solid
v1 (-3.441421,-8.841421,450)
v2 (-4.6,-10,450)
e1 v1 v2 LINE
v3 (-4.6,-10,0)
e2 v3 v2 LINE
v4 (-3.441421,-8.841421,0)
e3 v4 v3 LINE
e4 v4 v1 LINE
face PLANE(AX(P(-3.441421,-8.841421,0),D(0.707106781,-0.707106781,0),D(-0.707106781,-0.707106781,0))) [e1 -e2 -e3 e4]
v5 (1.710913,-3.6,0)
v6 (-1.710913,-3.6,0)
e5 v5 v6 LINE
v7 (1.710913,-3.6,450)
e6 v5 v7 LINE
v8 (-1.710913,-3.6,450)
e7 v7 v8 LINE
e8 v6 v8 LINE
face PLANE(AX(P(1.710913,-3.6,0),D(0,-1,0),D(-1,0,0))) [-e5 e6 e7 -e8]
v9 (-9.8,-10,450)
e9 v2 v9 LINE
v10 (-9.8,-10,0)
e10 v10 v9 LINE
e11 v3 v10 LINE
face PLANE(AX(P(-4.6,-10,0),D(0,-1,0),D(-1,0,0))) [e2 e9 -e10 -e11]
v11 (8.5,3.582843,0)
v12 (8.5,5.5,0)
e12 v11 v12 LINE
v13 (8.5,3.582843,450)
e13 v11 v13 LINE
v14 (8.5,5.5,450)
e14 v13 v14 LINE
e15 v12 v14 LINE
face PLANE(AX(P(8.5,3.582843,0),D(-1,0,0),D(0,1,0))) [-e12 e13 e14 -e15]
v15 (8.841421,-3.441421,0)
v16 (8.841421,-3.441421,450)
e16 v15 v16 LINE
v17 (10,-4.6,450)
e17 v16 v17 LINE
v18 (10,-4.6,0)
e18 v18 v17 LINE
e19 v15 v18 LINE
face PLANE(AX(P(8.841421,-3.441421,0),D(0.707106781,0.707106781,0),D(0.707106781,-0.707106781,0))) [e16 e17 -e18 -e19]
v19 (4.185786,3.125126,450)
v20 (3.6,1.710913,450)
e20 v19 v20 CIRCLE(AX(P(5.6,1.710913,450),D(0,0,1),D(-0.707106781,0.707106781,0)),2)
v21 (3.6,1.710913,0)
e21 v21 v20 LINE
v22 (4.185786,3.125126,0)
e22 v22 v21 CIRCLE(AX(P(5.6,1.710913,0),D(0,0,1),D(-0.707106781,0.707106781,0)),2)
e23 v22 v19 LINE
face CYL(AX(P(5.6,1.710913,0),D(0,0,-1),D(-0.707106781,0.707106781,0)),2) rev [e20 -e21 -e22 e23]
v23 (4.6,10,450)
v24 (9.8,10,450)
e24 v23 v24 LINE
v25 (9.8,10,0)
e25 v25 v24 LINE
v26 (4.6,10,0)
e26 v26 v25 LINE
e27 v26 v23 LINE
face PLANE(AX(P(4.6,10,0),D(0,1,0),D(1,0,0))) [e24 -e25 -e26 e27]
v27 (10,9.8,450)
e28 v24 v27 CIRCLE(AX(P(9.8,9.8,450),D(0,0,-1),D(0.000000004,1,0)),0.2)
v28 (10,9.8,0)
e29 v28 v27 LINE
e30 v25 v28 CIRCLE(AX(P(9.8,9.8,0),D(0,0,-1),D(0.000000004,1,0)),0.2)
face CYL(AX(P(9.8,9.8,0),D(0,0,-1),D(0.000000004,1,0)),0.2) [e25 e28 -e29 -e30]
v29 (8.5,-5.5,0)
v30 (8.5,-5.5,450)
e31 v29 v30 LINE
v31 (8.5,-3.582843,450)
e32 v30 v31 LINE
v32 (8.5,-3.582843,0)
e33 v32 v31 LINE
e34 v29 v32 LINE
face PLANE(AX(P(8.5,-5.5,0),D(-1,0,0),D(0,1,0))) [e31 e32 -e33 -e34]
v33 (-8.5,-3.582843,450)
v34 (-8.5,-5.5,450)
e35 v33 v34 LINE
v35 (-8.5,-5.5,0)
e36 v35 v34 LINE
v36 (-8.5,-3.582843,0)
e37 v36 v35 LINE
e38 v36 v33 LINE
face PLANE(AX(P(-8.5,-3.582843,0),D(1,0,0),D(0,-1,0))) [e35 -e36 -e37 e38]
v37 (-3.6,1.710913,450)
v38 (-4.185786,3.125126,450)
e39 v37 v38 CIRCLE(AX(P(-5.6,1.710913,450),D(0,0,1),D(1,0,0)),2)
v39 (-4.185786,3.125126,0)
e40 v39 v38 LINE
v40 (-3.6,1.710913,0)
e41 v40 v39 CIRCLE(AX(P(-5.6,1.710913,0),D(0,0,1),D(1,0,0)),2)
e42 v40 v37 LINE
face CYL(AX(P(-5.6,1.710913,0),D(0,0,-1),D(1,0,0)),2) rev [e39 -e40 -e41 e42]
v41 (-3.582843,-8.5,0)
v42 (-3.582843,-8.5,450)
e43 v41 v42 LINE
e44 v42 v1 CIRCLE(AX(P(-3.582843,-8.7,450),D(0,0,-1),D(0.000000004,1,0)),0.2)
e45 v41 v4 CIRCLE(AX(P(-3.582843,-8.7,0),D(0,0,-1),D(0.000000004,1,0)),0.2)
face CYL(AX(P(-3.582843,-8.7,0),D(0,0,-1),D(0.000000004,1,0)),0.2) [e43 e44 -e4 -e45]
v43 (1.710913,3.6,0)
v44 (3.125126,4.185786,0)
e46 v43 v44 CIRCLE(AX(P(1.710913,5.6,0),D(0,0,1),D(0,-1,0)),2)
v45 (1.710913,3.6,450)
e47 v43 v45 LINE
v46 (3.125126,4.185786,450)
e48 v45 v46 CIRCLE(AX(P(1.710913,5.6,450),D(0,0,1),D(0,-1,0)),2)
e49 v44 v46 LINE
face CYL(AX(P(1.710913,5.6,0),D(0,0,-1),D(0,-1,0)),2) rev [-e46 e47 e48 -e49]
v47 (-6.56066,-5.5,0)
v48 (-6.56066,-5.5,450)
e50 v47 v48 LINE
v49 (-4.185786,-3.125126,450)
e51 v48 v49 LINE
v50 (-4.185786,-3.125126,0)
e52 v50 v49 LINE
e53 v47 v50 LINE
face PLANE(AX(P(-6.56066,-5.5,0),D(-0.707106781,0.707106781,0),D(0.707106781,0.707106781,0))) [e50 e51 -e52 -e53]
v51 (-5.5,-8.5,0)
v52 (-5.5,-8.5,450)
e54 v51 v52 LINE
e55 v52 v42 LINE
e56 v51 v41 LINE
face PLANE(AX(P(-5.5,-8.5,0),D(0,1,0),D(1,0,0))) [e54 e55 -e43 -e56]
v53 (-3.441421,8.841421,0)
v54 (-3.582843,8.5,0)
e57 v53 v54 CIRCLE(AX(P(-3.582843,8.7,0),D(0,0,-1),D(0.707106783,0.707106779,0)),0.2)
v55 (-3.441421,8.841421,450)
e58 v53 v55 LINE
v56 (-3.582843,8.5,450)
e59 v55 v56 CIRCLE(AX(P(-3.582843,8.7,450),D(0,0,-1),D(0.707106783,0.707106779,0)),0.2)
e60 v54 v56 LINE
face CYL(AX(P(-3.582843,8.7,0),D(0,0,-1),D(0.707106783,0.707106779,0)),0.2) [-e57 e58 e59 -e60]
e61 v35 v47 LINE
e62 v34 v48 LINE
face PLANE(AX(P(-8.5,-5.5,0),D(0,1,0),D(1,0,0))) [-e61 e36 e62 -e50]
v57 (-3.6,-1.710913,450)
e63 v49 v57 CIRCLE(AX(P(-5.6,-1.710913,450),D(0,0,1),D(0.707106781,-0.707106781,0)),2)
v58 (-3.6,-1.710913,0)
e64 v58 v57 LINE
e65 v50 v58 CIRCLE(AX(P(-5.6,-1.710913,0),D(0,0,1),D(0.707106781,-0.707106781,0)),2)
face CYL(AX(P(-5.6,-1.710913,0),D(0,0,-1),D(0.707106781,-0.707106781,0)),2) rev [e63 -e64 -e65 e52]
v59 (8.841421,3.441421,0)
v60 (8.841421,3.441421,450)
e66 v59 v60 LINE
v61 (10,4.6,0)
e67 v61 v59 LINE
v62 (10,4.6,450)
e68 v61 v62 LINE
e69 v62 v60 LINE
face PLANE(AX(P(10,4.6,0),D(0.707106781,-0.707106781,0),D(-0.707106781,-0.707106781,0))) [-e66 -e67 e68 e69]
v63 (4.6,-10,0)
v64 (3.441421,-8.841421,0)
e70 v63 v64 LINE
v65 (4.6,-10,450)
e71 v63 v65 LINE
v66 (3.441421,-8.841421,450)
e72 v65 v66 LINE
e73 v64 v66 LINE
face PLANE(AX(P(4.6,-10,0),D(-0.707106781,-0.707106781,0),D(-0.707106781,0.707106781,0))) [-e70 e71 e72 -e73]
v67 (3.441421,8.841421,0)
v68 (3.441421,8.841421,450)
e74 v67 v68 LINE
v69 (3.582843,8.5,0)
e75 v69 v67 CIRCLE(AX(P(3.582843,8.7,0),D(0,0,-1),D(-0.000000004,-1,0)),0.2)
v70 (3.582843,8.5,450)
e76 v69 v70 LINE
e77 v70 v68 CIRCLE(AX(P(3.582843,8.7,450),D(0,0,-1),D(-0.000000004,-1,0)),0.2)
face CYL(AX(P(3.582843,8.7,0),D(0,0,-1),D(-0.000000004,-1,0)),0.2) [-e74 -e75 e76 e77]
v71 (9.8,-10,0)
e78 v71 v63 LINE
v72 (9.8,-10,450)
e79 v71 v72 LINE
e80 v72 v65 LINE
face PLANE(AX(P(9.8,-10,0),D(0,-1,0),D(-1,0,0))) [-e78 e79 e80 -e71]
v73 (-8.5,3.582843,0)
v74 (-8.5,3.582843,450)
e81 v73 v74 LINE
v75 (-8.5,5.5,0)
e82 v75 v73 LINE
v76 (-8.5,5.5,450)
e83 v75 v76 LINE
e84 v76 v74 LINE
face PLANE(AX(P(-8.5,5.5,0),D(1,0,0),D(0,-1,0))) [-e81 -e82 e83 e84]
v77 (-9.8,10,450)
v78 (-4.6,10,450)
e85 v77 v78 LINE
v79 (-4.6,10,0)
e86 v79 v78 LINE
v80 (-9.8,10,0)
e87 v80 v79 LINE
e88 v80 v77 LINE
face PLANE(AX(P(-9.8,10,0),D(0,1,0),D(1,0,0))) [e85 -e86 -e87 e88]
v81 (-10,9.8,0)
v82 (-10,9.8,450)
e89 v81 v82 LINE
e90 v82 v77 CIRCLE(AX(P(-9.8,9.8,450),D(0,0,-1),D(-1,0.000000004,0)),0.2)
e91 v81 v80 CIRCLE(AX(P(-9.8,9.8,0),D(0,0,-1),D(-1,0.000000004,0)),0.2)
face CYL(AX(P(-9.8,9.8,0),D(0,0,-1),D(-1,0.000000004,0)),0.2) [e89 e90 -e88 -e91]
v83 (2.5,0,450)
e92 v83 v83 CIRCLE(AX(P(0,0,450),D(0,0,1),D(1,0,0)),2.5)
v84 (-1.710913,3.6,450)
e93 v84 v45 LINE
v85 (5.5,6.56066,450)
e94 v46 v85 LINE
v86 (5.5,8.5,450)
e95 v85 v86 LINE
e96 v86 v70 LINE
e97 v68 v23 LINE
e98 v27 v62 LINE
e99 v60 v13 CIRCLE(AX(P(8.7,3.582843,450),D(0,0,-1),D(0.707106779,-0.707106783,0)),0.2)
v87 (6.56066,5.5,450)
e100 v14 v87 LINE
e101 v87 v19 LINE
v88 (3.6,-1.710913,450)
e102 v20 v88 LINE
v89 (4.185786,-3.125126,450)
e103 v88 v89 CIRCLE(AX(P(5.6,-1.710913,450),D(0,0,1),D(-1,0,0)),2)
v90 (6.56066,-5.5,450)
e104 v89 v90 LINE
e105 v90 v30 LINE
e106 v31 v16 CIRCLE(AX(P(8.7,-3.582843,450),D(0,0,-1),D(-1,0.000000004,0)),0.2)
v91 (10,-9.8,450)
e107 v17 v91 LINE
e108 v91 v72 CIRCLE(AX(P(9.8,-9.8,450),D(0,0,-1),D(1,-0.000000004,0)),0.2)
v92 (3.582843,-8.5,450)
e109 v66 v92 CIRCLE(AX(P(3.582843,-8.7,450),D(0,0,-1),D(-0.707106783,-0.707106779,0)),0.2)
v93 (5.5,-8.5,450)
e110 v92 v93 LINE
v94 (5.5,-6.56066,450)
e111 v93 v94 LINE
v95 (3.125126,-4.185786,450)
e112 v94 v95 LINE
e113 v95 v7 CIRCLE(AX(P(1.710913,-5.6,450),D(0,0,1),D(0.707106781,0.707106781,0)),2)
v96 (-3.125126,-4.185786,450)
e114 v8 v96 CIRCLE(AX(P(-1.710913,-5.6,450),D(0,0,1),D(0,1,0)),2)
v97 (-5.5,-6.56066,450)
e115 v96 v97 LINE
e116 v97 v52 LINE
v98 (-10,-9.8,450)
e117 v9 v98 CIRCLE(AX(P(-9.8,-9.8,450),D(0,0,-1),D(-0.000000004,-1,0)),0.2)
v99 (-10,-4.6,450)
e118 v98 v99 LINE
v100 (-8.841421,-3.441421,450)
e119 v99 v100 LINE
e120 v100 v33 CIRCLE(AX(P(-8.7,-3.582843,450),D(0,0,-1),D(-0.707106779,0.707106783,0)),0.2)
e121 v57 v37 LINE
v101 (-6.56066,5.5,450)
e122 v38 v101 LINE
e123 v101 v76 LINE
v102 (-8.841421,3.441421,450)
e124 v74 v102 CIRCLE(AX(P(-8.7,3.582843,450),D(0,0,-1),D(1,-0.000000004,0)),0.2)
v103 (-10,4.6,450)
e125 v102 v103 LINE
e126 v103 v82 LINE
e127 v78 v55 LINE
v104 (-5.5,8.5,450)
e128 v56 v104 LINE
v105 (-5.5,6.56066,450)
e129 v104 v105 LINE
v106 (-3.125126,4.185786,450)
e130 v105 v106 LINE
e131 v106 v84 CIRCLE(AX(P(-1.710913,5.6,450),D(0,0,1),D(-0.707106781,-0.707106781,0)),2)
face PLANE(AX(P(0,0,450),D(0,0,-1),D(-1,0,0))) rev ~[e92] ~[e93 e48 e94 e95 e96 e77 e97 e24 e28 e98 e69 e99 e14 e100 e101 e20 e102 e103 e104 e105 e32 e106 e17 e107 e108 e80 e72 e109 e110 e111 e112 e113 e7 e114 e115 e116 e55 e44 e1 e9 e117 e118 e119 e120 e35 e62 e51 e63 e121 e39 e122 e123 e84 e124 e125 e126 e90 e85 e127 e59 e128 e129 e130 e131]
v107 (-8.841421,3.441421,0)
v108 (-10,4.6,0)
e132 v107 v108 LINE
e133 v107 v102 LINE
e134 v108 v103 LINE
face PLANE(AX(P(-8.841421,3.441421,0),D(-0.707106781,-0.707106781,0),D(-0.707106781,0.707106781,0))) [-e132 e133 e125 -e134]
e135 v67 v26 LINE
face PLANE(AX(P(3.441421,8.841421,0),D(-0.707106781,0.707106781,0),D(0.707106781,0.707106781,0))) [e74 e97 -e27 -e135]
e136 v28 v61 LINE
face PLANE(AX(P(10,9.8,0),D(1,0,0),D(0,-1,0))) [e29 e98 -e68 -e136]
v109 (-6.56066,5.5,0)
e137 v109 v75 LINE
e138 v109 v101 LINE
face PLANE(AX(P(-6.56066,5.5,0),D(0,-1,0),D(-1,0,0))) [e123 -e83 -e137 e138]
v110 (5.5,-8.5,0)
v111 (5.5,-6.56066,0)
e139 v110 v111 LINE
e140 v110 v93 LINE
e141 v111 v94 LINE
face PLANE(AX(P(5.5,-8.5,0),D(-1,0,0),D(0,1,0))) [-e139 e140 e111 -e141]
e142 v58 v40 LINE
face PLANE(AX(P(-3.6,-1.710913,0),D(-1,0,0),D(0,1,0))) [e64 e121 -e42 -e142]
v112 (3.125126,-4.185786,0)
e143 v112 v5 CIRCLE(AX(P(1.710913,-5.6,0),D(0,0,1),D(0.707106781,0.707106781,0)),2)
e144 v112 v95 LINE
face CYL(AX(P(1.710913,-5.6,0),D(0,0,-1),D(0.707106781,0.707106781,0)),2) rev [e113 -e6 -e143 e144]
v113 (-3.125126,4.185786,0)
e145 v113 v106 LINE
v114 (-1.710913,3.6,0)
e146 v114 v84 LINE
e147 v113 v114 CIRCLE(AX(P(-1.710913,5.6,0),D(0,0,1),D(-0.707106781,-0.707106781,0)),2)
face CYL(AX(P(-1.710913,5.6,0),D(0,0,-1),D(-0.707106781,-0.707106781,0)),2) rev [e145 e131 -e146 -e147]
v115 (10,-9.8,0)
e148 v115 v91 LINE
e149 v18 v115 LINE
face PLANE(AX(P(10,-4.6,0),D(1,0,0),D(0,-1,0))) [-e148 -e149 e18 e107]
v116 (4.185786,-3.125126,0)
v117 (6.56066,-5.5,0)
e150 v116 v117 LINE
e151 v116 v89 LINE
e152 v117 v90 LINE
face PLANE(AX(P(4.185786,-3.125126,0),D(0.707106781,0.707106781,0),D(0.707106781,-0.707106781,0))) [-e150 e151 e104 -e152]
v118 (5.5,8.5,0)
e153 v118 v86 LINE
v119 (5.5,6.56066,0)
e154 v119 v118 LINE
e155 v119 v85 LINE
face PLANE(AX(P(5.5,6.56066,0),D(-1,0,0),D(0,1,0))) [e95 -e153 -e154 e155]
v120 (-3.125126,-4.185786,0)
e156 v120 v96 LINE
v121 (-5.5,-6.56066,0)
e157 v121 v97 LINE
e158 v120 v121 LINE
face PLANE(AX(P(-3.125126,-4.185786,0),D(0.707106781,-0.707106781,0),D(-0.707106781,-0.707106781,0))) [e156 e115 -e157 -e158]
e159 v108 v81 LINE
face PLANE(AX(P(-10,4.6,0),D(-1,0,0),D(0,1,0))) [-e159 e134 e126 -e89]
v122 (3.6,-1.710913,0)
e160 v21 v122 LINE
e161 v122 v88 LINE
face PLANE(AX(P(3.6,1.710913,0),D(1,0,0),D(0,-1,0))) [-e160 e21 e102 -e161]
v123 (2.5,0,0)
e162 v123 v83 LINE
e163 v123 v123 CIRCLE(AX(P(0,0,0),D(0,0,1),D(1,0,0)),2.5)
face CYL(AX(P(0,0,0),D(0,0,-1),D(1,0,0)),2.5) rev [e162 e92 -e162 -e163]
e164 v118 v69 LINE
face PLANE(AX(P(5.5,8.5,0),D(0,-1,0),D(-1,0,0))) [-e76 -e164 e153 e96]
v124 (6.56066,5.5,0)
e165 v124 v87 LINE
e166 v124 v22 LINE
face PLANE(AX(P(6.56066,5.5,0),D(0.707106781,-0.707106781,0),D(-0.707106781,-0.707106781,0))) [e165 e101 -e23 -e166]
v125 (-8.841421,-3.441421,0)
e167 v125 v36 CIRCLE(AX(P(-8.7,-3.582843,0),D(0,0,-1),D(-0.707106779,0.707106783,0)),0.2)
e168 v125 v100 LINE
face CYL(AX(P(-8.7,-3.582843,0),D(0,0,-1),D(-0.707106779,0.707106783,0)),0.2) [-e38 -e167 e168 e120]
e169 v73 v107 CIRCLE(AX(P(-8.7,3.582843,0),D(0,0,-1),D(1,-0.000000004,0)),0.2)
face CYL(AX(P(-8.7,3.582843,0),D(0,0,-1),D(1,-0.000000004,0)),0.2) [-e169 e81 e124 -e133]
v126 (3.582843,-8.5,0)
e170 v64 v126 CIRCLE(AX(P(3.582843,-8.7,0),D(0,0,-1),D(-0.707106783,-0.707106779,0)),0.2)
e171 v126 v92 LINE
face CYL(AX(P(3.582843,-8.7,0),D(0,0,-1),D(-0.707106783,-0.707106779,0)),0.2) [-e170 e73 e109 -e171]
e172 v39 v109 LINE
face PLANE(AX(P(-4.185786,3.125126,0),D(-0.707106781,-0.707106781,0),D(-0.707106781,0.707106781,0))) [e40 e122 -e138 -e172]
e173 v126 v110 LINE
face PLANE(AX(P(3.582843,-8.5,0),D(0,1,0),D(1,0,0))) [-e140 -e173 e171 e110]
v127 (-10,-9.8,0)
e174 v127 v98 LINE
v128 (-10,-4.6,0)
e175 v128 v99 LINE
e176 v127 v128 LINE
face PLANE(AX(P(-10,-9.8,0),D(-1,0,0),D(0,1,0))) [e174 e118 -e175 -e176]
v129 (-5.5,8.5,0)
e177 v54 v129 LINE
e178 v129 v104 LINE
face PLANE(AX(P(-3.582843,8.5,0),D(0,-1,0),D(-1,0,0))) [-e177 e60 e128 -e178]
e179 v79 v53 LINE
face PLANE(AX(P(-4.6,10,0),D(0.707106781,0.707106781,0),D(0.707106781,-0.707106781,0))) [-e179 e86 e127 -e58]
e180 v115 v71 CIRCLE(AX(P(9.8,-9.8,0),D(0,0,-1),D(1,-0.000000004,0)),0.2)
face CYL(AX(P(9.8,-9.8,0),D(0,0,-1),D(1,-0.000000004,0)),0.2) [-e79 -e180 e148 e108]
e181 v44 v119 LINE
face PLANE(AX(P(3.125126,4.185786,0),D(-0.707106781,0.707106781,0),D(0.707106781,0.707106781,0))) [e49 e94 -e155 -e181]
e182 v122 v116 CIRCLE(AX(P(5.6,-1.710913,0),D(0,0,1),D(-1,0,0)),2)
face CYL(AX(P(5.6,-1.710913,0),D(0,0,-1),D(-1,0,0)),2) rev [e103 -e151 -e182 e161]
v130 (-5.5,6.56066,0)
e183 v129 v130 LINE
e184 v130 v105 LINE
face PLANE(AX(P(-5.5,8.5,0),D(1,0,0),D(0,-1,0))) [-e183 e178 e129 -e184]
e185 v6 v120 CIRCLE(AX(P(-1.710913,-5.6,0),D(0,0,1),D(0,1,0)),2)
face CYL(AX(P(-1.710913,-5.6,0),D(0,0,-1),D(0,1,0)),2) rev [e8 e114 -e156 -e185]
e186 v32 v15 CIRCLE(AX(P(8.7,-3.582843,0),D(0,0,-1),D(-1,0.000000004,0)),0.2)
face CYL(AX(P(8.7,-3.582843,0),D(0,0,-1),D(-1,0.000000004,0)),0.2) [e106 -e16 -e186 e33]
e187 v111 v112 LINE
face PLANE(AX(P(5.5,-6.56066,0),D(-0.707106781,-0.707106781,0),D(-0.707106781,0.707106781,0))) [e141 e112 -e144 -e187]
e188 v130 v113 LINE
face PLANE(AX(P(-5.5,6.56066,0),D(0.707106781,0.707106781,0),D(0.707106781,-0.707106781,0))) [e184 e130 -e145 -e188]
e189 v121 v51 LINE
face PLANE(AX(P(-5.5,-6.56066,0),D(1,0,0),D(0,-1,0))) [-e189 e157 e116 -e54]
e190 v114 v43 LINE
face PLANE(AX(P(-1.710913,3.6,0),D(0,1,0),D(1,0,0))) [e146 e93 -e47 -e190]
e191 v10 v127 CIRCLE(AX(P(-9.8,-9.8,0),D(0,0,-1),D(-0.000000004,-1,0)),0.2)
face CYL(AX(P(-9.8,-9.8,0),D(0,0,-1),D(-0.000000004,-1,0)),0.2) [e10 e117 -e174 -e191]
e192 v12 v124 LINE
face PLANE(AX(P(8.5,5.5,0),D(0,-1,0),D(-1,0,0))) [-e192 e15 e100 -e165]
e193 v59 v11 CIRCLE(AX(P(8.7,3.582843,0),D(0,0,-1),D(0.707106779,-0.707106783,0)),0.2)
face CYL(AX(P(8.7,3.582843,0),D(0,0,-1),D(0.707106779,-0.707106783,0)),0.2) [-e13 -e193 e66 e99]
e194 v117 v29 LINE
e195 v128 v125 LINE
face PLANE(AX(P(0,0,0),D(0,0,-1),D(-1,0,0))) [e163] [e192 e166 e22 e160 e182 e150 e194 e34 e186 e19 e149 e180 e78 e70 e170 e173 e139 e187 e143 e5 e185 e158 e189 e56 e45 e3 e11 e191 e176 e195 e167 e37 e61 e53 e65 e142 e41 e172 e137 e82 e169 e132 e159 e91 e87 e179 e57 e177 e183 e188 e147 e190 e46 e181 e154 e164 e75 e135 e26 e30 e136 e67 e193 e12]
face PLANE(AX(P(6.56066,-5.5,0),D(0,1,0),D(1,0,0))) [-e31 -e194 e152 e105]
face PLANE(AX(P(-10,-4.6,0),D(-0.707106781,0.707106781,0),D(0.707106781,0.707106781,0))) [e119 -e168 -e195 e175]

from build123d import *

# Parameters (mm, degrees)
ESBO_O1_R                = 2.5
RESSALTO_EXTRUS_O1_DEPTH = 450


with BuildPart() as part:
    # Esboço1 → Ressalto-extrusão1 (new body)
    with BuildSketch(Plane.XY):
        with BuildLine():
            Line((-4.6, -10), (-9.8, -10))
            ThreePointArc((-9.8, -10), (-9.941421356, -9.941421356), (-10, -9.8))
            Line((-10, -9.8), (-10, -4.6))
            Line((-10, -4.6), (-8.841421356, -3.441421356))
            ThreePointArc((-8.841421356, -3.441421356), (-8.623463314, -3.398066806), (-8.5, -3.582842712))
            Line((-8.5, -3.582842712), (-8.5, -5.5))
            Line((-8.5, -5.5), (-6.560660172, -5.5))
            Line((-6.560660172, -5.5), (-4.185786438, -3.125126266))
            ThreePointArc((-4.185786438, -3.125126266), (-3.752240935, -2.476279568), (-3.6, -1.710912703))
            Line((-3.6, -1.710912703), (-3.6, 1.710912703))
            ThreePointArc((-3.6, 1.710912703), (-3.752240935, 2.476279568), (-4.185786438, 3.125126266))
            Line((-4.185786438, 3.125126266), (-6.560660172, 5.5))
            Line((-6.560660172, 5.5), (-8.5, 5.5))
            Line((-8.5, 5.5), (-8.5, 3.582842712))
            ThreePointArc((-8.5, 3.582842712), (-8.623463314, 3.398066806), (-8.841421356, 3.441421356))
            Line((-8.841421356, 3.441421356), (-10, 4.6))
            Line((-10, 4.6), (-10, 9.8))
            ThreePointArc((-10, 9.8), (-9.941421356, 9.941421356), (-9.8, 10))
            Line((-9.8, 10), (-4.6, 10))
            Line((-4.6, 10), (-3.441421356, 8.841421356))
            ThreePointArc((-3.441421356, 8.841421356), (-3.398066806, 8.623463314), (-3.582842712, 8.5))
            Line((-3.582842712, 8.5), (-5.5, 8.5))
            Line((-5.5, 8.5), (-5.5, 6.560660172))
            Line((-5.5, 6.560660172), (-3.125126266, 4.185786438))
            ThreePointArc((-3.125126266, 4.185786438), (-2.476279568, 3.752240935), (-1.710912703, 3.6))
            Line((-1.710912703, 3.6), (1.710912703, 3.6))
            ThreePointArc((1.710912703, 3.6), (2.476279568, 3.752240935), (3.125126266, 4.185786438))
            Line((3.125126266, 4.185786438), (5.5, 6.560660172))
            Line((5.5, 6.560660172), (5.5, 8.5))
            Line((5.5, 8.5), (3.582842712, 8.5))
            ThreePointArc((3.582842712, 8.5), (3.398066806, 8.623463314), (3.441421356, 8.841421356))
            Line((3.441421356, 8.841421356), (4.6, 10))
            Line((4.6, 10), (9.8, 10))
            ThreePointArc((9.8, 10), (9.941421356, 9.941421356), (10, 9.8))
            Line((10, 9.8), (10, 4.6))
            Line((10, 4.6), (8.841421356, 3.441421356))
            ThreePointArc((8.841421356, 3.441421356), (8.623463314, 3.398066806), (8.5, 3.582842712))
            Line((8.5, 3.582842712), (8.5, 5.5))
            Line((8.5, 5.5), (6.560660172, 5.5))
            Line((6.560660172, 5.5), (4.185786438, 3.125126266))
            ThreePointArc((4.185786438, 3.125126266), (3.752240935, 2.476279568), (3.6, 1.710912703))
            Line((3.6, 1.710912703), (3.6, -1.710912703))
            ThreePointArc((3.6, -1.710912703), (3.752240935, -2.476279568), (4.185786438, -3.125126266))
            Line((4.185786438, -3.125126266), (6.560660172, -5.5))
            Line((6.560660172, -5.5), (8.5, -5.5))
            Line((8.5, -5.5), (8.5, -3.582842712))
            ThreePointArc((8.5, -3.582842712), (8.623463314, -3.398066806), (8.841421356, -3.441421356))
            Line((8.841421356, -3.441421356), (10, -4.6))
            Line((10, -4.6), (10, -9.8))
            ThreePointArc((10, -9.8), (9.941421356, -9.941421356), (9.8, -10))
            Line((9.8, -10), (4.6, -10))
            Line((4.6, -10), (3.441421356, -8.841421356))
            ThreePointArc((3.441421356, -8.841421356), (3.398066806, -8.623463314), (3.582842712, -8.5))
            Line((3.582842712, -8.5), (5.5, -8.5))
            Line((5.5, -8.5), (5.5, -6.560660172))
            Line((5.5, -6.560660172), (3.125126266, -4.185786438))
            ThreePointArc((3.125126266, -4.185786438), (2.476279568, -3.752240935), (1.710912703, -3.6))
            Line((1.710912703, -3.6), (-1.710912703, -3.6))
            ThreePointArc((-1.710912703, -3.6), (-2.476279568, -3.752240935), (-3.125126266, -4.185786438))
            Line((-3.125126266, -4.185786438), (-5.5, -6.560660172))
            Line((-5.5, -6.560660172), (-5.5, -8.5))
            Line((-5.5, -8.5), (-3.582842712, -8.5))
            ThreePointArc((-3.582842712, -8.5), (-3.398066806, -8.623463314), (-3.441421356, -8.841421356))
            Line((-3.441421356, -8.841421356), (-4.6, -10))
        make_face()
        Circle(ESBO_O1_R, mode=Mode.SUBTRACT)
    extrude(amount=RESSALTO_EXTRUS_O1_DEPTH)


solid = part.part
